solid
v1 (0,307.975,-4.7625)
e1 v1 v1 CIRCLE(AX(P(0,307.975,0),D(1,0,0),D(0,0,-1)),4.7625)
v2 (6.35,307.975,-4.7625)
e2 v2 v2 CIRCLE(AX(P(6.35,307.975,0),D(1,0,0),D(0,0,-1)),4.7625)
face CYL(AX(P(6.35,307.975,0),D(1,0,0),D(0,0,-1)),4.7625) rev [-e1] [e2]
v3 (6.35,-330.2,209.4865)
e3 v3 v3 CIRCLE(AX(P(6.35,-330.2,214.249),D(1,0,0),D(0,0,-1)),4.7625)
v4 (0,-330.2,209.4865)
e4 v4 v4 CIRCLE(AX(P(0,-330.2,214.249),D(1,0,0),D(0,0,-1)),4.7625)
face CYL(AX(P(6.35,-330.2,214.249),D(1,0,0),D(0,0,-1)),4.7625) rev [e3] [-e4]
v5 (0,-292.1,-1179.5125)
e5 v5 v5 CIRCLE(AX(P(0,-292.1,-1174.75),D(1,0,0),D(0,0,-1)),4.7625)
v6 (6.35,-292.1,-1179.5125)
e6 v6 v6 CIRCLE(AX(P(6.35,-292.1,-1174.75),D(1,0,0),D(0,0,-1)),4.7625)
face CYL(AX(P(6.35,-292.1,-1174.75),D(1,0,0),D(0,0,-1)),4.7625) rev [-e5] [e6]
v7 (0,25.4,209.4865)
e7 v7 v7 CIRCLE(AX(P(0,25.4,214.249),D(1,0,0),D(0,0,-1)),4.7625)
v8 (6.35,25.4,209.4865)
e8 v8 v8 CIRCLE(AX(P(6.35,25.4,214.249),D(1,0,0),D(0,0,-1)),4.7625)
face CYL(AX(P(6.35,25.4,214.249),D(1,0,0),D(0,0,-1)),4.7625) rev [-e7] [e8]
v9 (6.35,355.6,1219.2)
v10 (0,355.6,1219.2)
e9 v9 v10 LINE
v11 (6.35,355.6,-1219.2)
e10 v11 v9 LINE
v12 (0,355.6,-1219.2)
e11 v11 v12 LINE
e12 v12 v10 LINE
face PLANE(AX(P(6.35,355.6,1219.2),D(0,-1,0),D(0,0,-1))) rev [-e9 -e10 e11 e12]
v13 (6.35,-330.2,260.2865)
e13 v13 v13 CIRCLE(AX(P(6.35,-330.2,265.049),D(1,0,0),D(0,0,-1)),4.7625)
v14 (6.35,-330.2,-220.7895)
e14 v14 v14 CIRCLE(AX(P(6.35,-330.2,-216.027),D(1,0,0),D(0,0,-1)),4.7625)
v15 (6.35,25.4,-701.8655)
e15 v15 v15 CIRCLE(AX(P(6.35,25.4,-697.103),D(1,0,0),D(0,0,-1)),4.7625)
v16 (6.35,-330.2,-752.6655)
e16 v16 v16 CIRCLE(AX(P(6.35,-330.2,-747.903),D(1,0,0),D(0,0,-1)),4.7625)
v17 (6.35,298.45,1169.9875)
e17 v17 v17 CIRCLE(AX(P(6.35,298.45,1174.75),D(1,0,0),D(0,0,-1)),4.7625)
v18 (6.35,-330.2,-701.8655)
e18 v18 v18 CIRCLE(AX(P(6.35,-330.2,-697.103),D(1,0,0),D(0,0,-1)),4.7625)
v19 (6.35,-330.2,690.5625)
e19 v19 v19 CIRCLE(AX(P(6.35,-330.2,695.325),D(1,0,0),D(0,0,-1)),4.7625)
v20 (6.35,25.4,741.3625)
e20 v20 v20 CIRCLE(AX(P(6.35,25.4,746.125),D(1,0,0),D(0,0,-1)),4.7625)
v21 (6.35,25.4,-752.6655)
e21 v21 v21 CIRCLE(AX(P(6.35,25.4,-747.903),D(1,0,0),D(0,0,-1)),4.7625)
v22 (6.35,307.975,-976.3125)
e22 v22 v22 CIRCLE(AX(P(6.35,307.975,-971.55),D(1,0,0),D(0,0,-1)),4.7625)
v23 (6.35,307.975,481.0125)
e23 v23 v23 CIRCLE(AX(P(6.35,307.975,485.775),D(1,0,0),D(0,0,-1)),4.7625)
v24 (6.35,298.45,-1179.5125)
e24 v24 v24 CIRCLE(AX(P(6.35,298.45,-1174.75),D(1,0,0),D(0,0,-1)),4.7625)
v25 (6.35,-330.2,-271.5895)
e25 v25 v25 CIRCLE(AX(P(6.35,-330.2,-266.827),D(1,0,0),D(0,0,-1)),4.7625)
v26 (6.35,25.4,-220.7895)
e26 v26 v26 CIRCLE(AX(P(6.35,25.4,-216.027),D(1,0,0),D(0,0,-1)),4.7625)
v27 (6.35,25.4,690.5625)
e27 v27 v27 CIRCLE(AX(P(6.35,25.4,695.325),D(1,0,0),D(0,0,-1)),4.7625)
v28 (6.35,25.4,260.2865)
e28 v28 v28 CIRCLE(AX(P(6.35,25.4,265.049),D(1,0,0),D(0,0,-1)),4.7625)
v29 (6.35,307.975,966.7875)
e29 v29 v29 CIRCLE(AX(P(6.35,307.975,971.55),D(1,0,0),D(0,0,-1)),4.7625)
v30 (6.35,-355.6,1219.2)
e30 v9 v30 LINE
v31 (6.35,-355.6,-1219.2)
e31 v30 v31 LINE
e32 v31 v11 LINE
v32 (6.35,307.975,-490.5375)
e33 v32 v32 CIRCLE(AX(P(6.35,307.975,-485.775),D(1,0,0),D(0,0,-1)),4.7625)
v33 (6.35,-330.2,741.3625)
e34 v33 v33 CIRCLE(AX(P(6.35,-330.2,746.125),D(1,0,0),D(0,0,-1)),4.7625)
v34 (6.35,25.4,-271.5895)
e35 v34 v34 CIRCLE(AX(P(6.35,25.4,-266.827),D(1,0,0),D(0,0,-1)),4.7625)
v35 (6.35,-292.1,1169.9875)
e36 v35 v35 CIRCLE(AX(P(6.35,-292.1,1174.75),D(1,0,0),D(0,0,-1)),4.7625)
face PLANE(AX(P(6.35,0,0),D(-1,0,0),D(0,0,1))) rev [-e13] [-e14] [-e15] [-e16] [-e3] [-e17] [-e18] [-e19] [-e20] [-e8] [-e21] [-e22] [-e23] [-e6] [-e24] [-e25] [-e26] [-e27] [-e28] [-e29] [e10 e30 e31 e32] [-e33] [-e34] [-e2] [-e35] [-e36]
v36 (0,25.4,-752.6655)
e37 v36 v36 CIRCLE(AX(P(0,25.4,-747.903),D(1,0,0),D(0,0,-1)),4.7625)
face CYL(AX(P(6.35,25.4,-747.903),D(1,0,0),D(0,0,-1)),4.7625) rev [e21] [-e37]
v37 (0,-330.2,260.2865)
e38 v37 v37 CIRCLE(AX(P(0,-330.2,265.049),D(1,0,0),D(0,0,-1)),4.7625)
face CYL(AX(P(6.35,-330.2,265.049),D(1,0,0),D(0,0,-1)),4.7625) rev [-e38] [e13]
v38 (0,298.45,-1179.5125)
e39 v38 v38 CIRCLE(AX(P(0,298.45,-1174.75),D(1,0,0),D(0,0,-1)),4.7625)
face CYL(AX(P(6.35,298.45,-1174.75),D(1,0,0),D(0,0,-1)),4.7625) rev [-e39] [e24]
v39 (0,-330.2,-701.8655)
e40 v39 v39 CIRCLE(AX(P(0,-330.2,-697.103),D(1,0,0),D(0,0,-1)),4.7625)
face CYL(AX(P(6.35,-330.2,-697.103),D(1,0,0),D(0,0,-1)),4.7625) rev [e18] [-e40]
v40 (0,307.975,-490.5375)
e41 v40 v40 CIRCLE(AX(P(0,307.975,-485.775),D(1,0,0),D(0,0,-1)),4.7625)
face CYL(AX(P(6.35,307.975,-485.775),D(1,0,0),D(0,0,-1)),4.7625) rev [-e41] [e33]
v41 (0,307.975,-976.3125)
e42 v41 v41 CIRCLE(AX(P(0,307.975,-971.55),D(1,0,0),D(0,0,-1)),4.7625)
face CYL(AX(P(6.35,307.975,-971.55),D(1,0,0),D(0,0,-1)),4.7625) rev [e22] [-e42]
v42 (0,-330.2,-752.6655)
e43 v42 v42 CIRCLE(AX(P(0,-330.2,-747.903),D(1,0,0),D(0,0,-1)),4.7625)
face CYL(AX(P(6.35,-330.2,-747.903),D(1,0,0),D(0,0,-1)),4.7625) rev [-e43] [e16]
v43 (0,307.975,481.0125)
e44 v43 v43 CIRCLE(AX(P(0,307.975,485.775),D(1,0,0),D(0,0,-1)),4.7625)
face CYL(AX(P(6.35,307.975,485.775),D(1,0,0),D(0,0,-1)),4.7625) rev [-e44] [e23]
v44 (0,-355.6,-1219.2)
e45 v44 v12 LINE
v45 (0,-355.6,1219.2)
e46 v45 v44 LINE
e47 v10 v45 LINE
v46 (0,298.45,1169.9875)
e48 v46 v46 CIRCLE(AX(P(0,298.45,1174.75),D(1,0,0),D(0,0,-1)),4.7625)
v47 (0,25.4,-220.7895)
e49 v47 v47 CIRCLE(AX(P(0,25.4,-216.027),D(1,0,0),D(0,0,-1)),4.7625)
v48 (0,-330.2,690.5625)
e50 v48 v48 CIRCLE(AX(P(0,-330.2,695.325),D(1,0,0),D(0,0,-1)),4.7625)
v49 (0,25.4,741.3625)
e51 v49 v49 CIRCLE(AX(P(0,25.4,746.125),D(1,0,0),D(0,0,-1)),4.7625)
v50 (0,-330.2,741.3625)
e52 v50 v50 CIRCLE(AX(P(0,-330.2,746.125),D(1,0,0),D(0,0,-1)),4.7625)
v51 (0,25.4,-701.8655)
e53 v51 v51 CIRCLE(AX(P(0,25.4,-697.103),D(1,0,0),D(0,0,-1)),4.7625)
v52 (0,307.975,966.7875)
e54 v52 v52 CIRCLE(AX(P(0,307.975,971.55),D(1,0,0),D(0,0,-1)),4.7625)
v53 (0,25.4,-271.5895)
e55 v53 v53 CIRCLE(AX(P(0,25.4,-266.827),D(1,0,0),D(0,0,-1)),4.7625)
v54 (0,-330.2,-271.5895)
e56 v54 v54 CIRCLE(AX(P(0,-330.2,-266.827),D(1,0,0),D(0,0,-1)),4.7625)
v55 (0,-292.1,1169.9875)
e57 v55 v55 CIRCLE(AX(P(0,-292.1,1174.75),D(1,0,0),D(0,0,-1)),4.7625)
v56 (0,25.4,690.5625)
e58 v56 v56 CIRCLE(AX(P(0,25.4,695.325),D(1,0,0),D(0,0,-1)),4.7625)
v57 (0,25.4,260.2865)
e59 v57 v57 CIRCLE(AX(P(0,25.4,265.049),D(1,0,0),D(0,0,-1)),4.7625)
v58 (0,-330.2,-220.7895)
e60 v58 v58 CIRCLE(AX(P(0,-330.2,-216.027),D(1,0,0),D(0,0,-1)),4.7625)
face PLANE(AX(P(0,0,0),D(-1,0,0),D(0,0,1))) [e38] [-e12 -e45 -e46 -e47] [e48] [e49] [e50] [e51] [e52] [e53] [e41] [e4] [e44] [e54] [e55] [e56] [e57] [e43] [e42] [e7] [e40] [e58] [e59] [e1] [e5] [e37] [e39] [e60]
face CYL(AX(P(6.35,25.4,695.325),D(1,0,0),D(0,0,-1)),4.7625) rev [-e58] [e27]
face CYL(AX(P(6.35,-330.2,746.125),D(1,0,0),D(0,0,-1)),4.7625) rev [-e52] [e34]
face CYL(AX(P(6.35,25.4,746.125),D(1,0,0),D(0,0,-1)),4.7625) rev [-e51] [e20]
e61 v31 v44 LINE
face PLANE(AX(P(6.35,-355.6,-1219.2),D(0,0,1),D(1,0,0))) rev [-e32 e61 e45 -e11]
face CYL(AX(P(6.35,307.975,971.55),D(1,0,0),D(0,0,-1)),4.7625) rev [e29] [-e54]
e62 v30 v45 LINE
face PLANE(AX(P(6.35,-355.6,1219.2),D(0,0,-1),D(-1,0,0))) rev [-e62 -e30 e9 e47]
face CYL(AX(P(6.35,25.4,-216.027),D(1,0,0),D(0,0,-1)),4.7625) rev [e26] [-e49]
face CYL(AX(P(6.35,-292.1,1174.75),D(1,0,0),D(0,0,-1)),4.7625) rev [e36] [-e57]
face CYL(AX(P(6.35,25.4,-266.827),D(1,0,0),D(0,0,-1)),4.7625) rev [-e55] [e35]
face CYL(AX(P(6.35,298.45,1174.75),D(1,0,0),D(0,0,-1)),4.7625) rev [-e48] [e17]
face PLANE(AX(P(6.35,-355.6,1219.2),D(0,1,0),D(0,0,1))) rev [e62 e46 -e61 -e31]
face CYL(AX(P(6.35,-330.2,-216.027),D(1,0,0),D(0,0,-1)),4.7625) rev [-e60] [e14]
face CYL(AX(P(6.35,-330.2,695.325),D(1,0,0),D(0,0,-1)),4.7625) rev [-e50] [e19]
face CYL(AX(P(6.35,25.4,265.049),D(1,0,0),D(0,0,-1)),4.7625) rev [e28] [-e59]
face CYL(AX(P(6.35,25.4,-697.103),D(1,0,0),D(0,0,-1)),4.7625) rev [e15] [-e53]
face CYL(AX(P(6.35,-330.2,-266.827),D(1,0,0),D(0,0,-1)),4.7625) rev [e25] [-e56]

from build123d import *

# Parameters (mm, degrees)
SKETCH1_W                    = 2438.4
SKETCH1_H                    = 711.2
BOSS_EXTRUDE1_DEPTH          = 6.35
F_3_8_0_375_DIAMETER_HOLE3_D = 9.525
LPATTERN1_COUNT              = 4
LPATTERN1_PITCH              = 481.076
F_3_8_0_375_DIAMETER_HOLE2_D = 9.525
LPATTERN2_COUNT              = 5
LPATTERN2_PITCH              = 485.775
F_3_8_0_375_DIAMETER_HOLE1_D = 9.525


with BuildPart() as part:
    # Sketch1 → Boss-Extrude1 (new body)
    with BuildSketch(Plane(origin=(0, 0, 0), x_dir=(0, 0, -1), z_dir=(1, 0, 0))):
        Rectangle(SKETCH1_W, SKETCH1_H)
    extrude(amount=BOSS_EXTRUDE1_DEPTH)

    # 3/8 (0.375) Diameter Hole3 (through all)
    with Locations(Plane(origin=(6.35, 0, 0), x_dir=(0, 0, -1), z_dir=(1, 0, 0))):
        with Locations((-746.125, 25.4), (-695.325, 25.4), (-746.125, -330.2), (-695.325, -330.2)):
            f_3_8_0_375_diameter_hole3 = Hole(F_3_8_0_375_DIAMETER_HOLE3_D / 2)

    # LPattern1: 3/8 (0.375) Diameter Hole3 ×4
    with Locations(*[(0, 0, -i * LPATTERN1_PITCH) for i in range(1, LPATTERN1_COUNT)]):
        add(f_3_8_0_375_diameter_hole3, mode=Mode.SUBTRACT)

    # 3/8 (0.375) Diameter Hole2 (through all)
    with Locations(Plane(origin=(6.35, 0, 0), x_dir=(0, 0, -1), z_dir=(1, 0, 0))):
        with Locations((-971.55, 307.975)):
            f_3_8_0_375_diameter_hole2 = Hole(F_3_8_0_375_DIAMETER_HOLE2_D / 2)

    # LPattern2: 3/8 (0.375) Diameter Hole2 ×5
    with Locations(*[(0, 0, -i * LPATTERN2_PITCH) for i in range(1, LPATTERN2_COUNT)]):
        add(f_3_8_0_375_diameter_hole2, mode=Mode.SUBTRACT)

    # 3/8 (0.375) Diameter Hole1 (through all)
    with Locations(Plane(origin=(6.35, 0, 0), x_dir=(0, 0, -1), z_dir=(1, 0, 0))):
        with Locations((-1174.75, -292.1), (-1174.75, 298.45)):
            f_3_8_0_375_diameter_hole1 = Hole(F_3_8_0_375_DIAMETER_HOLE1_D / 2)

    # Mirror1: 3/8 (0.375) Diameter Hole1 across plane
    add(f_3_8_0_375_diameter_hole1.mirror(Plane.XY), mode=Mode.SUBTRACT)


solid = part.part
